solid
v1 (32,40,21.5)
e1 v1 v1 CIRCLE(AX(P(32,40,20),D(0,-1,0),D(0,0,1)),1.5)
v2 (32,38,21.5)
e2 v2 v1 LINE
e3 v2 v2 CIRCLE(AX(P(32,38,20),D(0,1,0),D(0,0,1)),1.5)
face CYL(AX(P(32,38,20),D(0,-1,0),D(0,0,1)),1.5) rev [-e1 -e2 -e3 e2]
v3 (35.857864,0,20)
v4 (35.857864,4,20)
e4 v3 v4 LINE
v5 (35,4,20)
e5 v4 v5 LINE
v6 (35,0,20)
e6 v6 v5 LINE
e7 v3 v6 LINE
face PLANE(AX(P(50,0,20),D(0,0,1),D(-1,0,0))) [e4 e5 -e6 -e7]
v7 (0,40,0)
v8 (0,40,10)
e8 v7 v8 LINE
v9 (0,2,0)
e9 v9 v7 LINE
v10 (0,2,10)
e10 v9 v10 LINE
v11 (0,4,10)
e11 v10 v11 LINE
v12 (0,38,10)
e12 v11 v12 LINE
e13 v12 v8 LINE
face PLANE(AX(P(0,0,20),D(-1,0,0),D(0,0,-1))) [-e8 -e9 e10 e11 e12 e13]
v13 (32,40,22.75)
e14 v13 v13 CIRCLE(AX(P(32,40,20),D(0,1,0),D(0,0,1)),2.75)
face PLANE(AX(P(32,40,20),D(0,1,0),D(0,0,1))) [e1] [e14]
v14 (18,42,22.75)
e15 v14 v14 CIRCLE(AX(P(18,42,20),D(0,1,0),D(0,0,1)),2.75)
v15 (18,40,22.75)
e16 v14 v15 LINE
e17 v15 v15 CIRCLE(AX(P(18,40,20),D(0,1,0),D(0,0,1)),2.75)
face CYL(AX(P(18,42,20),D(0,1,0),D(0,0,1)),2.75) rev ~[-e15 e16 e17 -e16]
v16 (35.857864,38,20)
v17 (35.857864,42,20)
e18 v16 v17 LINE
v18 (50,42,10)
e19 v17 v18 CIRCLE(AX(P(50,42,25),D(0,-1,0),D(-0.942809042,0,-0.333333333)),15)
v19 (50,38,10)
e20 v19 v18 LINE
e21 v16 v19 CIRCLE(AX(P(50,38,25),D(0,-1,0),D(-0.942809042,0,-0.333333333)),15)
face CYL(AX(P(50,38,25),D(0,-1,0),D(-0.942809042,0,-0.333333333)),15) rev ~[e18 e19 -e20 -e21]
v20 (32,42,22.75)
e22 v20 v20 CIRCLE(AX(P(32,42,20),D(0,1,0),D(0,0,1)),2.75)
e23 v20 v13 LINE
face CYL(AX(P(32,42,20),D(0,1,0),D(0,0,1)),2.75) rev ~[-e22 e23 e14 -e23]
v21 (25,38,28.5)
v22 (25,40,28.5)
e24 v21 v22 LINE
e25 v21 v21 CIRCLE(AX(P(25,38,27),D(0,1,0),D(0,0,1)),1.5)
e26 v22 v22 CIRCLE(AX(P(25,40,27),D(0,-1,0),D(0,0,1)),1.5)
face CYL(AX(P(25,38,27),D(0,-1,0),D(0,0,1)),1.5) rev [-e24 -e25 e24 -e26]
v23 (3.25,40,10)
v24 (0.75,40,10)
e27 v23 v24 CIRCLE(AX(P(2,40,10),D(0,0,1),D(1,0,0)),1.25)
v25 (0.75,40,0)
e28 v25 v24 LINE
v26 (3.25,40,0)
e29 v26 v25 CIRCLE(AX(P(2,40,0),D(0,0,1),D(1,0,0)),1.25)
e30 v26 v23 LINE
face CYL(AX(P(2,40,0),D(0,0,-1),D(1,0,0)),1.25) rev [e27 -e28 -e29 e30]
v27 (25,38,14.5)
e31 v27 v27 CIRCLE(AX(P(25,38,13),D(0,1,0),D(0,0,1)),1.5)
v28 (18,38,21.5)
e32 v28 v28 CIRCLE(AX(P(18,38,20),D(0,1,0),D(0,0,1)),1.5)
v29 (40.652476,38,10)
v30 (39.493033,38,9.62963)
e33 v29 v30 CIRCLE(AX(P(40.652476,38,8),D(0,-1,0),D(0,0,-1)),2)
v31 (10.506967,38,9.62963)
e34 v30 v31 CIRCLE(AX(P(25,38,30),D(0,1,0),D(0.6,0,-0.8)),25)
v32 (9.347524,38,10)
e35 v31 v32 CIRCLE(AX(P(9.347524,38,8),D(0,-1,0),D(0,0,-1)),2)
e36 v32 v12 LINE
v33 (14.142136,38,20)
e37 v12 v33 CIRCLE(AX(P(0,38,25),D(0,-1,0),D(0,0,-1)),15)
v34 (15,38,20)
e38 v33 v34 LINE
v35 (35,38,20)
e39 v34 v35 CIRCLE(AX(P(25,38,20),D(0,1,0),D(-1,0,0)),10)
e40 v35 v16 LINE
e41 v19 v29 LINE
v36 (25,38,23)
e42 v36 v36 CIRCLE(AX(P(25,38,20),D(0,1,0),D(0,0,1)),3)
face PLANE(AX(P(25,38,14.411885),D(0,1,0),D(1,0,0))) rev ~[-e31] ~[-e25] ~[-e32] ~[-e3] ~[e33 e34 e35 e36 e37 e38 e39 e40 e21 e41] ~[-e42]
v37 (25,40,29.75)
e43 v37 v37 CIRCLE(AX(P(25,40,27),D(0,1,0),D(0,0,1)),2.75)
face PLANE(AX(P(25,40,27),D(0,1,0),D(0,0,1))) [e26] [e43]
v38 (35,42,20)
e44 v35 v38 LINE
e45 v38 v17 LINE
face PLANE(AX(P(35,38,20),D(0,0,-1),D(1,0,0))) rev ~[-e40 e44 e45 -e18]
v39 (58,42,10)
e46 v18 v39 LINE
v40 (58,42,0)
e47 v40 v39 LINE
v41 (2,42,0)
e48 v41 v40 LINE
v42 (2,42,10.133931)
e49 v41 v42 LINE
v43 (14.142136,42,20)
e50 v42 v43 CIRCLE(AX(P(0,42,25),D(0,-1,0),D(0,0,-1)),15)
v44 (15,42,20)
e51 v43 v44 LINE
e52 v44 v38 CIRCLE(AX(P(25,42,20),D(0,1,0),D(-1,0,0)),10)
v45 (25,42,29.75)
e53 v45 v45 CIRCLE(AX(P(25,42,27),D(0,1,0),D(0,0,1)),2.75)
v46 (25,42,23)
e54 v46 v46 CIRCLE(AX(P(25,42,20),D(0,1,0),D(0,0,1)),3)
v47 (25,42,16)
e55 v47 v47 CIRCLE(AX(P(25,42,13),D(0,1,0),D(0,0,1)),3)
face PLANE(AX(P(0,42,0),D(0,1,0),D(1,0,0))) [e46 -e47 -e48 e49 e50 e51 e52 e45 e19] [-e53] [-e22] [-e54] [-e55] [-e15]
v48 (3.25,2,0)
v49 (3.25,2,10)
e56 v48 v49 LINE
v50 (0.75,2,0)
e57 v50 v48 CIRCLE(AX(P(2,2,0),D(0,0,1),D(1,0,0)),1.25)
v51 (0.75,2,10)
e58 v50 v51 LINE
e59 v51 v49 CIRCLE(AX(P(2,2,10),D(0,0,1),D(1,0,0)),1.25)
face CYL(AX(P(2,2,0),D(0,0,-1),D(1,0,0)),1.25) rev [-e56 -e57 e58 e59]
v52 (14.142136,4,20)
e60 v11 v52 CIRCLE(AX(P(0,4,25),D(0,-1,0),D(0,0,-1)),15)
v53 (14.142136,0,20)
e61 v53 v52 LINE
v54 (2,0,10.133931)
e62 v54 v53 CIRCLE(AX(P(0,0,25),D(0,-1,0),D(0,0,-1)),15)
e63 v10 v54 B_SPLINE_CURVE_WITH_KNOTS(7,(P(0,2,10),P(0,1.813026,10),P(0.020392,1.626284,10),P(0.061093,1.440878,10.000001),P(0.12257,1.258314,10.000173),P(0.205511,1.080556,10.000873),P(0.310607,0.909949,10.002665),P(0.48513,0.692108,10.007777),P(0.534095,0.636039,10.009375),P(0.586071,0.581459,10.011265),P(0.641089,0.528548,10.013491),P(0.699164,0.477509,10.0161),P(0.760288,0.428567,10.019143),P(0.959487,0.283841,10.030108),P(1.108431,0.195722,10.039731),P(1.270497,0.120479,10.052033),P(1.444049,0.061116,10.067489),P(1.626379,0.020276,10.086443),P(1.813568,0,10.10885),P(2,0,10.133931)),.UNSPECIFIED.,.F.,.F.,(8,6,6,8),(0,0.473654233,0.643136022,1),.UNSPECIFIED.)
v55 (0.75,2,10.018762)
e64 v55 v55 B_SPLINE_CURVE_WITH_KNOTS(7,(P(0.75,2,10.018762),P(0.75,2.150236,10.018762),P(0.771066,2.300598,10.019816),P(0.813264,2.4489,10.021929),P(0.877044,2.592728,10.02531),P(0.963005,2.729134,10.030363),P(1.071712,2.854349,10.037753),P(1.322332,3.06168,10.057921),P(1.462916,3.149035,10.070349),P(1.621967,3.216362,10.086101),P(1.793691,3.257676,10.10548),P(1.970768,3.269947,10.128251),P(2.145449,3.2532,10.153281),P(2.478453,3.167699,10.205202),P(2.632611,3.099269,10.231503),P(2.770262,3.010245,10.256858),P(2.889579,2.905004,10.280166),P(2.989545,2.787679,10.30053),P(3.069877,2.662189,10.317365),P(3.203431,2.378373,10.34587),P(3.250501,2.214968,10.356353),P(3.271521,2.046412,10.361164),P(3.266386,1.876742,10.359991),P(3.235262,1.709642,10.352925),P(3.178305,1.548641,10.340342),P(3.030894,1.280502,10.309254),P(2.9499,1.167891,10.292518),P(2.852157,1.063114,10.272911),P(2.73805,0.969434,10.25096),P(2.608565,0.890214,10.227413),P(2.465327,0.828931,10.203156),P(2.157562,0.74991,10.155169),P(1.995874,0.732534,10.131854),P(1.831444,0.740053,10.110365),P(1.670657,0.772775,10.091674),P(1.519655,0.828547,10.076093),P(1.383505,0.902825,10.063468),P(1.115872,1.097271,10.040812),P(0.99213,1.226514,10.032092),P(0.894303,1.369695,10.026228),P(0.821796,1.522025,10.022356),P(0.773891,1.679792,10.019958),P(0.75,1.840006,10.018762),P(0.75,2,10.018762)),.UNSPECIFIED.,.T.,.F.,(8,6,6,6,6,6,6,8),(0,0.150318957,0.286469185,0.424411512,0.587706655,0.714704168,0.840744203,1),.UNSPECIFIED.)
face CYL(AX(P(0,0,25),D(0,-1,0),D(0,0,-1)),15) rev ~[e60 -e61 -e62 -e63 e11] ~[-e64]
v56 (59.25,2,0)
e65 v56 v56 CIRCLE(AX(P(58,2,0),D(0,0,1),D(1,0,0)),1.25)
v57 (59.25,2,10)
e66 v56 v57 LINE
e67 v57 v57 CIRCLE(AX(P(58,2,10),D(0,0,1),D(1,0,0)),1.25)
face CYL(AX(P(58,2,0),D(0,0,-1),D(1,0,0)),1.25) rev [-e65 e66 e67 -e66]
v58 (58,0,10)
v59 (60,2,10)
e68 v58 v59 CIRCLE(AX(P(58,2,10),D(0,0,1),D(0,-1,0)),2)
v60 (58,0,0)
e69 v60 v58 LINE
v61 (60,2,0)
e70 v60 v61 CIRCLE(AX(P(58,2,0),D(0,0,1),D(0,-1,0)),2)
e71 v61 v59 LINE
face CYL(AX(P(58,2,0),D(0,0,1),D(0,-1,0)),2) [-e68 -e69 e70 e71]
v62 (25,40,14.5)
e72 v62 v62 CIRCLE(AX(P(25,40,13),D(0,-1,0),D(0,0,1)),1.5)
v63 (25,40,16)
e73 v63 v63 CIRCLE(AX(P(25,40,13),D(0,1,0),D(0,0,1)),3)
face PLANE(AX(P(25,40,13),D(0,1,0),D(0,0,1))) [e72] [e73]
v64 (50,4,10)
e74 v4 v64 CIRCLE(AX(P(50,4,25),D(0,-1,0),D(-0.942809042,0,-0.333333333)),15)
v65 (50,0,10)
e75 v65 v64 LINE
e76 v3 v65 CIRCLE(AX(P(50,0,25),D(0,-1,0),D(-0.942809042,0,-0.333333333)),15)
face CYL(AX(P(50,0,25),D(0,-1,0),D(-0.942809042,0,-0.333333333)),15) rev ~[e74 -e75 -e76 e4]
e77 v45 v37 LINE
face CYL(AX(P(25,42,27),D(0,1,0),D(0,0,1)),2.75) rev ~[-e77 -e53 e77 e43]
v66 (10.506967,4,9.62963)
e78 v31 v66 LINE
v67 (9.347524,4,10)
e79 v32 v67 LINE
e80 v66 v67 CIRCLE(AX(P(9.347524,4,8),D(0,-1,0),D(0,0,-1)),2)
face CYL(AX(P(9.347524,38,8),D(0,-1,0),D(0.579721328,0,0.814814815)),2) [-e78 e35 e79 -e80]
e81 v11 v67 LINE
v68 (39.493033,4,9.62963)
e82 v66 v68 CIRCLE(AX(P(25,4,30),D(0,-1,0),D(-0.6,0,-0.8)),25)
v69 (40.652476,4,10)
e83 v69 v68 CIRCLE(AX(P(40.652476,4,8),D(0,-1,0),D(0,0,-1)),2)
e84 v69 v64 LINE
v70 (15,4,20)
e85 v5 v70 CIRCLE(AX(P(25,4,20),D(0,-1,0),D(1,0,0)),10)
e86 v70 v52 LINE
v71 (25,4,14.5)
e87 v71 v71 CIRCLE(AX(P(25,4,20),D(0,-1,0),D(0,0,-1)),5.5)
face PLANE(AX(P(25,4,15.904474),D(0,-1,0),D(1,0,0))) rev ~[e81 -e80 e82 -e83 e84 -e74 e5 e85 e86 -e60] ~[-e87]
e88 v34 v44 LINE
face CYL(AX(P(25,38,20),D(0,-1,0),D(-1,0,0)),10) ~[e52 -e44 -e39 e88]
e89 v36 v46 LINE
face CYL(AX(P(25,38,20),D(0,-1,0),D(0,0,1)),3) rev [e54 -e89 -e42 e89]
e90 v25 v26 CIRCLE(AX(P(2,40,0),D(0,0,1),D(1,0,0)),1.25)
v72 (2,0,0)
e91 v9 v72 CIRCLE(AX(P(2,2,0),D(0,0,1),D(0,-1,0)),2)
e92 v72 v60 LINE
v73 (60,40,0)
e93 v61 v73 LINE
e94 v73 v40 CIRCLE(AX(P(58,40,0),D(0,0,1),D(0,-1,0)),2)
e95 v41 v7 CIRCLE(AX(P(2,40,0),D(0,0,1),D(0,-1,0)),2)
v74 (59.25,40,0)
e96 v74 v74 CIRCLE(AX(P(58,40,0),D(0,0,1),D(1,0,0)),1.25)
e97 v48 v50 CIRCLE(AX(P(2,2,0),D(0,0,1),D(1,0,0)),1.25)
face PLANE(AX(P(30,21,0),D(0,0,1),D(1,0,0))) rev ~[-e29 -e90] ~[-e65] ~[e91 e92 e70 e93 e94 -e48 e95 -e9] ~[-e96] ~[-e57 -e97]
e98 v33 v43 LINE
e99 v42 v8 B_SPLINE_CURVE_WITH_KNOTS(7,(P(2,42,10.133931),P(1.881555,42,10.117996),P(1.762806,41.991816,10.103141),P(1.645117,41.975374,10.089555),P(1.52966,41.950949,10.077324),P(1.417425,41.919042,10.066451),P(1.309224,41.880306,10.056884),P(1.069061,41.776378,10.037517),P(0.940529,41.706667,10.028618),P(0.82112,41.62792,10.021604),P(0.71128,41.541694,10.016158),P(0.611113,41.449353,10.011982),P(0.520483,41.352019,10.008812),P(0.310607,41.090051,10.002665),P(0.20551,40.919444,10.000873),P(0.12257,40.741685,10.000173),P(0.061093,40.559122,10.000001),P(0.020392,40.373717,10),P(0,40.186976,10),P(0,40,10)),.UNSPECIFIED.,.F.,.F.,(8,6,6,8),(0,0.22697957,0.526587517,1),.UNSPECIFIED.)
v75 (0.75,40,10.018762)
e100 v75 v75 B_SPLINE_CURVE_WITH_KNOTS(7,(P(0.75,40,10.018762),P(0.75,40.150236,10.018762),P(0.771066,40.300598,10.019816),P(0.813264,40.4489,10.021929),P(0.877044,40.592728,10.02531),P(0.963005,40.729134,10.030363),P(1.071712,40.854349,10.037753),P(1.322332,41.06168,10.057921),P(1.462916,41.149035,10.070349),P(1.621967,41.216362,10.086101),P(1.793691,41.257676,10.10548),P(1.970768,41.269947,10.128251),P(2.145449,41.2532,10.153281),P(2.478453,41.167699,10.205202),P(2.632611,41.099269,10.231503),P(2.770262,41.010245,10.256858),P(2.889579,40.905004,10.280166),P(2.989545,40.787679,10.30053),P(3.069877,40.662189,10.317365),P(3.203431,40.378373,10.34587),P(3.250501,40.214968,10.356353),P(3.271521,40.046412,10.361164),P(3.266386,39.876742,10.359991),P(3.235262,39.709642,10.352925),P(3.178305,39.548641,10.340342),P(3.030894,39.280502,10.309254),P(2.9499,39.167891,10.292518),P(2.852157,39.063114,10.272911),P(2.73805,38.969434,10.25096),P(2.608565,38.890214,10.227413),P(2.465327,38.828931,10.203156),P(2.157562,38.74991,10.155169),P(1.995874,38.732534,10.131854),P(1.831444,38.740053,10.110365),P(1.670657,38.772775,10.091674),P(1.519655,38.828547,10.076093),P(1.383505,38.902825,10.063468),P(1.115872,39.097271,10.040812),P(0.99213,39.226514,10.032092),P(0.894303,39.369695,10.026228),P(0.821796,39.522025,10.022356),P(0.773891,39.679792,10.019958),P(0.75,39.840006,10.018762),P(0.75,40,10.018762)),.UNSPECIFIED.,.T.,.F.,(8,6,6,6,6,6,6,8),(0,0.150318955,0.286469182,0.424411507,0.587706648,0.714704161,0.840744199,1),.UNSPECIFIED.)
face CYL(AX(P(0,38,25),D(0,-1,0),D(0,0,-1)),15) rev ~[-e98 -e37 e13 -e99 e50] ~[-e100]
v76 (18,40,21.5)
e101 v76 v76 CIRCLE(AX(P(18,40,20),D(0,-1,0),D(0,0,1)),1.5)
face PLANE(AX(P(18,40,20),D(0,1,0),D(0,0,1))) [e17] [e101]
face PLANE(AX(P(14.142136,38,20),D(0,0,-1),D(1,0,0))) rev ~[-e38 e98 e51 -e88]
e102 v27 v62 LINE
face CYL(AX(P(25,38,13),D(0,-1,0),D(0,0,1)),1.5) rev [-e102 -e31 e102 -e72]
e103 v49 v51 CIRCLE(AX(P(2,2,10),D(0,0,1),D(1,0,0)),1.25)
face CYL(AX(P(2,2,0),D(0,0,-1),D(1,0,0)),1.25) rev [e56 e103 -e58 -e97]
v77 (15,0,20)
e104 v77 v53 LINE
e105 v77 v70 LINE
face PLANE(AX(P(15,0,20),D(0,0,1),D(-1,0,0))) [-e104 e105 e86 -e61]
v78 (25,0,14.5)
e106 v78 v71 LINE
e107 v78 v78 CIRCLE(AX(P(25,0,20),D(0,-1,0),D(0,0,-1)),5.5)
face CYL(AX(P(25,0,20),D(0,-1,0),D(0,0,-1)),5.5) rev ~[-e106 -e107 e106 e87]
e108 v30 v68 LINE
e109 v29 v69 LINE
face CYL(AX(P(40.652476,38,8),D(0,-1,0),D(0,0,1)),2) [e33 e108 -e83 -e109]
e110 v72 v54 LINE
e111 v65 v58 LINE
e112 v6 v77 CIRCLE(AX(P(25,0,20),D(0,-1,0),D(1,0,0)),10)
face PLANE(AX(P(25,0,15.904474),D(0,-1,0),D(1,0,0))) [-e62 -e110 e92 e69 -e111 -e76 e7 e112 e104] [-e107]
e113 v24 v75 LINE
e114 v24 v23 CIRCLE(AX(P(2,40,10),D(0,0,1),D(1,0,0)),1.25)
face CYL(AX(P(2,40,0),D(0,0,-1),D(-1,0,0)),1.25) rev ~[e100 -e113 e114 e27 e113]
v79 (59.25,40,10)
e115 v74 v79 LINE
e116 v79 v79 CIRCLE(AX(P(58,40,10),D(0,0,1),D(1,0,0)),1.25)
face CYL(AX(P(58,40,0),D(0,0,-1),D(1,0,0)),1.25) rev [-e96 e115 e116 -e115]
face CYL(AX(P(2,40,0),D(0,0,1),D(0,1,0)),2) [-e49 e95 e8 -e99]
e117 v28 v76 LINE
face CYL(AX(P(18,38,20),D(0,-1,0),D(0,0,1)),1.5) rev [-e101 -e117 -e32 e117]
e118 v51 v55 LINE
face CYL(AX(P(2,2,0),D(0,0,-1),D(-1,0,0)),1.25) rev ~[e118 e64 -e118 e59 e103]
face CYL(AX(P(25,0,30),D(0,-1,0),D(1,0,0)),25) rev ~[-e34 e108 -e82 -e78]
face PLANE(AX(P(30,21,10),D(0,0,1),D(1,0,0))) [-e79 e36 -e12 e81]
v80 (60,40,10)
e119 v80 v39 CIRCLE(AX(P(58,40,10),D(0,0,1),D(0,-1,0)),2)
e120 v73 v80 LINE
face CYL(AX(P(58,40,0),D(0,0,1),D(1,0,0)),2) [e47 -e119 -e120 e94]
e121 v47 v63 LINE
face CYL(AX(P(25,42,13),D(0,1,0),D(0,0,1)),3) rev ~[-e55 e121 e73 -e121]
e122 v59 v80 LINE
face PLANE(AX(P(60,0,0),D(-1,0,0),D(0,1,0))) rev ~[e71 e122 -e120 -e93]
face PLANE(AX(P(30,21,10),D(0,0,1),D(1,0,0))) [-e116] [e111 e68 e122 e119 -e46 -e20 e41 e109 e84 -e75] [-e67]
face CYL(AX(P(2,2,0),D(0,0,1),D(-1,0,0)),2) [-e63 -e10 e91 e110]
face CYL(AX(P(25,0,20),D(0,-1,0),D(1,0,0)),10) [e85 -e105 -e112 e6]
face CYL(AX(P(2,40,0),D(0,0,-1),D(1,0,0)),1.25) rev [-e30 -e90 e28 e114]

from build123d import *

# Parameters (mm, degrees)
SKETCH_7_W          = 60
SKETCH_7_H          = 42
SKETCH_7_R          = 1.25
EXTRUDE_4_DEPTH     = 10
SKETCH_8_R          = 25
CUT_EXTRUDE_2_DEPTH = 50
SKETCH_9_R          = 5.5
EXTRUDE_5_DEPTH     = 4
CUT_EXTRUDE_4_DEPTH = 4
EXTRUDE_START       = -4
SKETCH_11_R         = 1.5
SKETCH_11_R_2       = 3
EXTRUDE_6_DEPTH     = 4
SKETCH_12_R         = 3
SKETCH_12_R_2       = 2.75
CUT_EXTRUDE_6_DEPTH = 2
SKETCH_15_R         = 1.25
CUT_EXTRUDE_7_DEPTH = 22
FILLET_1_R          = 2
FILLET_2_R          = 2
FILLET_3_R          = 2
FILLET_4_R          = 2
FILLET_6_R          = 2
FILLET_7_R          = 2


with BuildPart() as part:
    # 草图7 → 凸台-拉伸4 (new body)
    with BuildSketch(Plane.XY):
        with Locations((30, 21)):
            Rectangle(SKETCH_7_W, SKETCH_7_H)
        with Locations((2, 40)):
            Circle(SKETCH_7_R, mode=Mode.SUBTRACT)
        with Locations((2, 2)):
            Circle(SKETCH_7_R, mode=Mode.SUBTRACT)
        with Locations((58, 2)):
            Circle(SKETCH_7_R, mode=Mode.SUBTRACT)
        with Locations((58, 40)):
            Circle(SKETCH_7_R, mode=Mode.SUBTRACT)
    extrude(amount=EXTRUDE_4_DEPTH)

    # 草图8 → 切除-拉伸2 (cut)
    with BuildSketch(Plane.XZ):
        with Locations((25, 30)):
            Circle(SKETCH_8_R)
    extrude(amount=-CUT_EXTRUDE_2_DEPTH, mode=Mode.SUBTRACT)

    # 草图9 → 凸台-拉伸5 (add)
    with BuildSketch(Plane.XZ):
        with BuildLine():
            Line((0, 20), (0, 10))
            Line((0, 10), (10, 10))
            ThreePointArc((10, 10), (25, 5), (40, 10))
            Line((40, 10), (50, 10))
            Line((50, 10), (50, 20))
            Line((50, 20), (35, 20))
            ThreePointArc((35, 20), (25, 30), (15, 20))
            Line((15, 20), (0, 20))
        make_face()
        with Locations(Location((25, 20, 0), (0, 0, 270))):
            Circle(SKETCH_9_R, mode=Mode.SUBTRACT)
    extrude(amount=-EXTRUDE_5_DEPTH)

    # 草图10 → 切除-拉伸4 (cut)
    with BuildSketch(Plane.XZ):
        with BuildLine():
            ThreePointArc((0, 10), (8.660254038, 12.752551286), (14.142135624, 20))
            Line((14.142135624, 20), (0, 20))
            Line((0, 20), (0, 10))
        make_face()
        with BuildLine():
            Line((0, 20), (14.142135624, 20))
            ThreePointArc((14.142135624, 20), (14.783978395, 22.463470319), (15, 25))
            ThreePointArc((15, 25), (-10.606601718, 35.606601718), (0, 10))
            Line((0, 10), (0, 20))
        make_face()
        with BuildLine():
            ThreePointArc((65, 25), (47.463470319, 39.783978395), (35.857864376, 20))
            Line((35.857864376, 20), (50, 20))
            Line((50, 20), (50, 10))
            ThreePointArc((50, 10), (60.606601718, 14.393398282), (65, 25))
        make_face()
        with BuildLine():
            Line((50, 20), (35.857864376, 20))
            ThreePointArc((35.857864376, 20), (41.339745962, 12.752551286), (50, 10))
            Line((50, 10), (50, 20))
        make_face()
    extrude(amount=-CUT_EXTRUDE_4_DEPTH, mode=Mode.SUBTRACT)

    # 草图11 → 凸台-拉伸6 (add)
    with BuildSketch(Plane(origin=(0, 42, 0), x_dir=(1, 0, 0), z_dir=(0, 1, 0)).offset(EXTRUDE_START)):
        with BuildLine():
            ThreePointArc((40, -10), (25, -5), (10, -10))
            Line((10, -10), (0, -10))
            ThreePointArc((0, -10), (8.660254038, -12.752551286), (14.142135624, -20))
            Line((14.142135624, -20), (15, -20))
            ThreePointArc((15, -20), (25, -30), (35, -20))
            Line((35, -20), (35.857864376, -20))
            ThreePointArc((35.857864376, -20), (41.339745962, -12.752551286), (50, -10))
            Line((50, -10), (40, -10))
        make_face()
        with Locations(Location((25, -13, 0), (0, 0, 270))):
            Circle(SKETCH_11_R, mode=Mode.SUBTRACT)
        with Locations(Location((18, -20, 0), (0, 0, 270))):
            Circle(SKETCH_11_R, mode=Mode.SUBTRACT)
        with Locations(Location((25, -27, 0), (0, 0, 270))):
            Circle(SKETCH_11_R, mode=Mode.SUBTRACT)
        with Locations(Location((25, -20, 0), (0, 0, 270))):
            Circle(SKETCH_11_R_2, mode=Mode.SUBTRACT)
        with Locations(Location((32, -20, 0), (0, 0, 270))):
            Circle(SKETCH_11_R, mode=Mode.SUBTRACT)
    extrude(amount=EXTRUDE_6_DEPTH)

    # 草图12 → 切除-拉伸6 (cut)
    with BuildSketch(Plane(origin=(0, 42, 0), x_dir=(1, 0, 0), z_dir=(0, 1, 0))):
        with Locations(Location((25, -13, 0), (0, 0, 270))):
            Circle(SKETCH_12_R)
        with Locations(Location((18, -20, 0), (0, 0, 270))):
            Circle(SKETCH_12_R_2)
        with Locations(Location((25, -27, 0), (0, 0, 270))):
            Circle(SKETCH_12_R_2)
        with Locations(Location((32, -20, 0), (0, 0, 270))):
            Circle(SKETCH_12_R_2)
    extrude(amount=-CUT_EXTRUDE_6_DEPTH, mode=Mode.SUBTRACT)

    # 草图15 → 切除-拉伸7 (cut)
    with BuildSketch(Plane(origin=(0, 0, 0), x_dir=(-1, 0, 0), z_dir=(0, 0, -1))):
        with Locations((-2, 2)):
            Circle(SKETCH_15_R)
        with Locations((-2, 40)):
            Circle(SKETCH_15_R)
    extrude(amount=-CUT_EXTRUDE_7_DEPTH, mode=Mode.SUBTRACT)

    # 圆角1
    fillet_1_edges = [part.edges().sort_by_distance(p)[0] for p in [
        (0, 0, 5),
    ]]
    fillet(fillet_1_edges, radius=FILLET_1_R)

    # 圆角2
    fillet_2_edges = [part.edges().sort_by_distance(p)[0] for p in [
        (60, 0, 5),
    ]]
    fillet(fillet_2_edges, radius=FILLET_2_R)

    # 圆角3
    fillet_3_edges = [part.edges().sort_by_distance(p)[0] for p in [
        (60, 42, 5),
    ]]
    fillet(fillet_3_edges, radius=FILLET_3_R)

    # 圆角4
    fillet_4_edges = [part.edges().sort_by_distance(p)[0] for p in [
        (0, 42, 5),
    ]]
    fillet(fillet_4_edges, radius=FILLET_4_R)

    # 圆角6
    fillet_6_edges = [part.edges().sort_by_distance(p)[0] for p in [
        (40, 21, 10),
    ]]
    fillet(fillet_6_edges, radius=FILLET_6_R)

    # 圆角7
    fillet_7_edges = [part.edges().sort_by_distance(p)[0] for p in [
        (10, 21, 10),
    ]]
    fillet(fillet_7_edges, radius=FILLET_7_R)


solid = part.part
